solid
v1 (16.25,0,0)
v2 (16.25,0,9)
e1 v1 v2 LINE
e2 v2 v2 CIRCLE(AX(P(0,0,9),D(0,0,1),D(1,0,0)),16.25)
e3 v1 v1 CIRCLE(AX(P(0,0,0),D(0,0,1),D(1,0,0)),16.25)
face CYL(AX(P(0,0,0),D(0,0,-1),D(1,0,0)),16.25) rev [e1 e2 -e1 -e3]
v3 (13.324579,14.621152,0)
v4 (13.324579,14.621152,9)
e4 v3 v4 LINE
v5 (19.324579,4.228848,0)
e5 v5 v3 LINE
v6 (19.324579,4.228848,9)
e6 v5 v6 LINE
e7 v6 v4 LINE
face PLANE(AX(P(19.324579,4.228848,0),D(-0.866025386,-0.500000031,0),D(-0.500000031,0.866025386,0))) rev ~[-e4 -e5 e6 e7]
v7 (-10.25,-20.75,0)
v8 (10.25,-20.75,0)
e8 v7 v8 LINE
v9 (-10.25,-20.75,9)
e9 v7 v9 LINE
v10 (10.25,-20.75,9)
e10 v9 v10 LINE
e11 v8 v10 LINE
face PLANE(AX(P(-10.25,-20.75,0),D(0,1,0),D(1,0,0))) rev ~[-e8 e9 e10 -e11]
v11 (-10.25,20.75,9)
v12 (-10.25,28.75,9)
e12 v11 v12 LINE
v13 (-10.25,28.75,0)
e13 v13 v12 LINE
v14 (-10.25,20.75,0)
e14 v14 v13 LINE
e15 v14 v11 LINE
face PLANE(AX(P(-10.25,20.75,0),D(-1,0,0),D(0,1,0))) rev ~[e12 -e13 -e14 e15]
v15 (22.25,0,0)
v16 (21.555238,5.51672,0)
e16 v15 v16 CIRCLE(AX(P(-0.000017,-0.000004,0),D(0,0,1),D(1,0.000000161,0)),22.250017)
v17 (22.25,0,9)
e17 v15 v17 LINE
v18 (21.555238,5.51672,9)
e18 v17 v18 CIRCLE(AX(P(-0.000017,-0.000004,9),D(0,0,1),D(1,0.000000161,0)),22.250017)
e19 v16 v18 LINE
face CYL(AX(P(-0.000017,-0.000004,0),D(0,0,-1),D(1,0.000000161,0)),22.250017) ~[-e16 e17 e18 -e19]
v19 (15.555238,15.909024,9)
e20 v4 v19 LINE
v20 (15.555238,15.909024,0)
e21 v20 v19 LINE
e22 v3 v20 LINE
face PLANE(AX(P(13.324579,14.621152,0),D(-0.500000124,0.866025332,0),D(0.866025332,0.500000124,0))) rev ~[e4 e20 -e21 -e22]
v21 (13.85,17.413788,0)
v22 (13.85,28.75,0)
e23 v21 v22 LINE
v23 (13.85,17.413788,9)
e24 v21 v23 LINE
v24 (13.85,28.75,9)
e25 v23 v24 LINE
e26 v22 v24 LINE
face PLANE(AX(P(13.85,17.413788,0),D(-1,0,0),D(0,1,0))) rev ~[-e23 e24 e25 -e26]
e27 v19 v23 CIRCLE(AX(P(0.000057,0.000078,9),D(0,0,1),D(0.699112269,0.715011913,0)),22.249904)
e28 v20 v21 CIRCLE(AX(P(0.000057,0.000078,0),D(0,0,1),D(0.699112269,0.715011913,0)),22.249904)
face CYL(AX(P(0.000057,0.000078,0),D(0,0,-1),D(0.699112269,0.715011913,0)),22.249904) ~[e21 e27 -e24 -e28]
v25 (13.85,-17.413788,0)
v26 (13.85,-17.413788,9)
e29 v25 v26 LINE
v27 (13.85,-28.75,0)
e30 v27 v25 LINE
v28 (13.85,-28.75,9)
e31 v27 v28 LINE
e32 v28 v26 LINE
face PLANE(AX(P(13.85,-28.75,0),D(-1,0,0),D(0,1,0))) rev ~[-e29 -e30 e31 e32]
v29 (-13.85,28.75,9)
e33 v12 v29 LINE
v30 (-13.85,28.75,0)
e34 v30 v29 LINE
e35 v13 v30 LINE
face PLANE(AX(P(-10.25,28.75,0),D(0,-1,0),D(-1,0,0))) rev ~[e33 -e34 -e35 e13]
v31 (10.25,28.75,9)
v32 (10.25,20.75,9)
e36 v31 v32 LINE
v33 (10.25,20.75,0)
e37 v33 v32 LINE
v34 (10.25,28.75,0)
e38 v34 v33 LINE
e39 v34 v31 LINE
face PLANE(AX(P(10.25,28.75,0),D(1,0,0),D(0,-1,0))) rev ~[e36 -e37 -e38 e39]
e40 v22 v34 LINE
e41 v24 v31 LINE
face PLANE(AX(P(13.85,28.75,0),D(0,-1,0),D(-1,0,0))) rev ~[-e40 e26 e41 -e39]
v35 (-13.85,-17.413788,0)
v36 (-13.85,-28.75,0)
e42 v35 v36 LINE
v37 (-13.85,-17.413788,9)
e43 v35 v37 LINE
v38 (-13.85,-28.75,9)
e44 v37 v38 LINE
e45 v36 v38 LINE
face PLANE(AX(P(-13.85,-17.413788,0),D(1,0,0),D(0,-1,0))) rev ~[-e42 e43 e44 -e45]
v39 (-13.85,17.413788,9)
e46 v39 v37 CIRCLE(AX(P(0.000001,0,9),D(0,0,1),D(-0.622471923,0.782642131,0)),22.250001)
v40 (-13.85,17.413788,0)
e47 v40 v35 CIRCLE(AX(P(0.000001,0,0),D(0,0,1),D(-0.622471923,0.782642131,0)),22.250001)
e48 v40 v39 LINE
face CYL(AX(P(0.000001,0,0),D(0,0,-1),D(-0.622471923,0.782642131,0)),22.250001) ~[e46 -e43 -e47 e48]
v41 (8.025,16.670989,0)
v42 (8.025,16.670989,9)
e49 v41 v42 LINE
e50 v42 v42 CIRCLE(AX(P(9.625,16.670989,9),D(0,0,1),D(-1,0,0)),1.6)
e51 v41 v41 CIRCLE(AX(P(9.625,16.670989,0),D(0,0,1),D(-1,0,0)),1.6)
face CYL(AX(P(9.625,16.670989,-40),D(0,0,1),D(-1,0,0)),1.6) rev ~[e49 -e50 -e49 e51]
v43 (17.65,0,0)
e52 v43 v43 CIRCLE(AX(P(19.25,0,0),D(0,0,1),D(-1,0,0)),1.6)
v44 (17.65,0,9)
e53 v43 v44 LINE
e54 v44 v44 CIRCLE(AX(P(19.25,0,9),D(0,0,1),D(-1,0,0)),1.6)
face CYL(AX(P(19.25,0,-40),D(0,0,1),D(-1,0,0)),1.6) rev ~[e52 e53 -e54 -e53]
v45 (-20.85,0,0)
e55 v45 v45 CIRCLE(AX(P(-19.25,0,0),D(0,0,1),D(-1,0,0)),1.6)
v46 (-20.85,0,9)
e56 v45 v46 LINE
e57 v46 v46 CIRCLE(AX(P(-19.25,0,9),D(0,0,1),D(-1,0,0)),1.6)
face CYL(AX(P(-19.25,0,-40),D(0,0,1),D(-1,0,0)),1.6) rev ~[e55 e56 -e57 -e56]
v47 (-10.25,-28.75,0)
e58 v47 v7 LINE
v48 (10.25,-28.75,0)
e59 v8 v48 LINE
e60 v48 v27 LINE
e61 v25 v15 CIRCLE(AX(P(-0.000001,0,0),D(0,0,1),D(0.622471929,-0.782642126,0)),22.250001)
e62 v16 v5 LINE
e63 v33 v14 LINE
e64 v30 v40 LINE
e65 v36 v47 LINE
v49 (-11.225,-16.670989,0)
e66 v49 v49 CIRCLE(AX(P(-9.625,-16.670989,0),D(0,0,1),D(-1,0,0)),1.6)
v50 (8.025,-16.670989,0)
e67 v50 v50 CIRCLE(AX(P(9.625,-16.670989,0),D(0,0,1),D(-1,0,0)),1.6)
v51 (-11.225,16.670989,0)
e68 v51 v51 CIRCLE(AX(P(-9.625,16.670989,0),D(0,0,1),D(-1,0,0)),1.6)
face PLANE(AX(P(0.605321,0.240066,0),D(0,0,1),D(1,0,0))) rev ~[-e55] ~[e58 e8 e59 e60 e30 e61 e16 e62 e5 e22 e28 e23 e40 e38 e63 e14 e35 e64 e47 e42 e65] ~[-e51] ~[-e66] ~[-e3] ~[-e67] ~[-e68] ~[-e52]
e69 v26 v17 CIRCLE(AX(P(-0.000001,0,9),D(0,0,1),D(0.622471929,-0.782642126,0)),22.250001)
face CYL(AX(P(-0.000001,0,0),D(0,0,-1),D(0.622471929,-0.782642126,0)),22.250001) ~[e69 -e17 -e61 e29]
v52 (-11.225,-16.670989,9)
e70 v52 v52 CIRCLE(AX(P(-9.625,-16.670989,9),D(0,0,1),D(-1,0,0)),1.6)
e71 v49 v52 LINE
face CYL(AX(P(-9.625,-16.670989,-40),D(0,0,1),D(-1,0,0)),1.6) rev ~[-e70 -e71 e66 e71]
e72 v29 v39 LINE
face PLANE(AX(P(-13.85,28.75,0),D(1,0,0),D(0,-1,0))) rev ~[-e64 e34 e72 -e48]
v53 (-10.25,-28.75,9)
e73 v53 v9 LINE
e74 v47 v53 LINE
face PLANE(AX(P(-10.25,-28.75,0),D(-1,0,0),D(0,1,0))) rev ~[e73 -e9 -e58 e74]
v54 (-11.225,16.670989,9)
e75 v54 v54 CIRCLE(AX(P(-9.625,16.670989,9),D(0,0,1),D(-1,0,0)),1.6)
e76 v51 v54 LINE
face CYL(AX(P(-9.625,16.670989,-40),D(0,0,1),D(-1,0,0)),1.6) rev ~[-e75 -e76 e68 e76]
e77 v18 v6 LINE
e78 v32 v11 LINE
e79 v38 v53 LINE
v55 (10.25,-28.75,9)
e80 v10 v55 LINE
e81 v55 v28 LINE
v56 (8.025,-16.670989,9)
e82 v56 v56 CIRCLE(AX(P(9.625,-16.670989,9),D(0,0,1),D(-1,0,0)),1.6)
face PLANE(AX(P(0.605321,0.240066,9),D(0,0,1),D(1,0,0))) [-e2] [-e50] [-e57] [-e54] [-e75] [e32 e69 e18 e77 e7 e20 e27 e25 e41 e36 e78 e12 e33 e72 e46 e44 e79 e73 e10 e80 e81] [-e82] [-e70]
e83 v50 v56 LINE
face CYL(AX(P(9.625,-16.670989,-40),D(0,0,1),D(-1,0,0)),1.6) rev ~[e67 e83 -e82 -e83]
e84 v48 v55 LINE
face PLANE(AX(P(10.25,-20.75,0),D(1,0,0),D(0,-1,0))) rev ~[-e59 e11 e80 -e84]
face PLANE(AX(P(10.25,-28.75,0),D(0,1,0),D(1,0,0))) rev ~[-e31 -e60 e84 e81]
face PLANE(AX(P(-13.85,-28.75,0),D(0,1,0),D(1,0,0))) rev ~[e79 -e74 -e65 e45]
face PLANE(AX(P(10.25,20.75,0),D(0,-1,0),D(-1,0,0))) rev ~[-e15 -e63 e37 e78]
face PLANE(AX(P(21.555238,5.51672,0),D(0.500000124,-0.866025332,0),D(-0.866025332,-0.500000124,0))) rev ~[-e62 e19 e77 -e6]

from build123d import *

# Parameters (mm, degrees)
F0_R     = 16.25
F1_DEPTH = 9
F2_D     = 3.2
F2_DEPTH = 40


with BuildPart() as f1:
    # F0 (on Top) → F1 (new body)
    with BuildSketch(Plane.XY):
        with BuildLine():
            ThreePointArc((13.85, -17.413788), (20.040272, -9.666954), (22.25, 0))
            ThreePointArc((22.25, 0), (22.075626, 2.780148), (21.555238, 5.51672))
            Line((21.555238, 5.51672), (19.324579, 4.228848))
            Line((19.324579, 4.228848), (13.324579, 14.621152))
            Line((13.324579, 14.621152), (15.555238, 15.909024))
            ThreePointArc((15.555238, 15.909024), (14.721858, 16.683207), (13.85, 17.413788))
            Line((13.85, 17.413788), (-13.85, 17.413788))
            ThreePointArc((-13.85, 17.413788), (-22.25, 0), (-13.85, -17.413788))
            Line((-13.85, -17.413788), (13.85, -17.413788))
        make_face()
        Circle(F0_R, mode=Mode.SUBTRACT)
        with BuildLine():
            ThreePointArc((-8.031189, -20.75), (-11.067032, -19.302417), (-13.85, -17.413788))
            Line((-13.85, -17.413788), (-13.85, -28.75))
            Line((-13.85, -28.75), (-10.25, -28.75))
            Line((-10.25, -28.75), (-10.25, -20.75))
            Line((-10.25, -20.75), (-8.031189, -20.75))
        make_face()
        with BuildLine():
            ThreePointArc((8.031189, -20.75), (11.067032, -19.302417), (13.85, -17.413788))
            Line((13.85, -17.413788), (-13.85, -17.413788))
            ThreePointArc((-13.85, -17.413788), (-11.067032, -19.302417), (-8.031189, -20.75))
            Line((-8.031189, -20.75), (8.031189, -20.75))
        make_face()
        with BuildLine():
            Line((13.85, -28.75), (13.85, -17.413788))
            ThreePointArc((13.85, -17.413788), (11.067032, -19.302417), (8.031189, -20.75))
            Line((8.031189, -20.75), (10.25, -20.75))
            Line((10.25, -20.75), (10.25, -28.75))
            Line((10.25, -28.75), (13.85, -28.75))
        make_face()
        with BuildLine():
            ThreePointArc((8.031189, 20.75), (11.067032, 19.302417), (13.85, 17.413788))
            Line((13.85, 17.413788), (13.85, 28.75))
            Line((13.85, 28.75), (10.25, 28.75))
            Line((10.25, 28.75), (10.25, 20.75))
            Line((10.25, 20.75), (8.031189, 20.75))
        make_face()
        with BuildLine():
            Line((-13.85, 17.413788), (13.85, 17.413788))
            ThreePointArc((13.85, 17.413788), (11.067032, 19.302417), (8.031189, 20.75))
            Line((8.031189, 20.75), (-8.031189, 20.75))
            ThreePointArc((-8.031189, 20.75), (-11.067032, 19.302417), (-13.85, 17.413788))
        make_face()
        with BuildLine():
            Line((-13.85, 28.75), (-13.85, 17.413788))
            ThreePointArc((-13.85, 17.413788), (-11.067032, 19.302417), (-8.031189, 20.75))
            Line((-8.031189, 20.75), (-10.25, 20.75))
            Line((-10.25, 20.75), (-10.25, 28.75))
            Line((-10.25, 28.75), (-13.85, 28.75))
        make_face()
    extrude(amount=F1_DEPTH)

    # F2
    with Locations(Plane(origin=(0, 0, 0), x_dir=(1, 0, 0), z_dir=(0, 0, -1))):
        with Locations((-9.625, -16.670989), (9.625, -16.670989), (19.25, 0), (9.625, 16.670989), (-9.625, 16.670989), (-19.25, 0)):
            Hole(F2_D / 2, depth=F2_DEPTH)


solid = f1.part
